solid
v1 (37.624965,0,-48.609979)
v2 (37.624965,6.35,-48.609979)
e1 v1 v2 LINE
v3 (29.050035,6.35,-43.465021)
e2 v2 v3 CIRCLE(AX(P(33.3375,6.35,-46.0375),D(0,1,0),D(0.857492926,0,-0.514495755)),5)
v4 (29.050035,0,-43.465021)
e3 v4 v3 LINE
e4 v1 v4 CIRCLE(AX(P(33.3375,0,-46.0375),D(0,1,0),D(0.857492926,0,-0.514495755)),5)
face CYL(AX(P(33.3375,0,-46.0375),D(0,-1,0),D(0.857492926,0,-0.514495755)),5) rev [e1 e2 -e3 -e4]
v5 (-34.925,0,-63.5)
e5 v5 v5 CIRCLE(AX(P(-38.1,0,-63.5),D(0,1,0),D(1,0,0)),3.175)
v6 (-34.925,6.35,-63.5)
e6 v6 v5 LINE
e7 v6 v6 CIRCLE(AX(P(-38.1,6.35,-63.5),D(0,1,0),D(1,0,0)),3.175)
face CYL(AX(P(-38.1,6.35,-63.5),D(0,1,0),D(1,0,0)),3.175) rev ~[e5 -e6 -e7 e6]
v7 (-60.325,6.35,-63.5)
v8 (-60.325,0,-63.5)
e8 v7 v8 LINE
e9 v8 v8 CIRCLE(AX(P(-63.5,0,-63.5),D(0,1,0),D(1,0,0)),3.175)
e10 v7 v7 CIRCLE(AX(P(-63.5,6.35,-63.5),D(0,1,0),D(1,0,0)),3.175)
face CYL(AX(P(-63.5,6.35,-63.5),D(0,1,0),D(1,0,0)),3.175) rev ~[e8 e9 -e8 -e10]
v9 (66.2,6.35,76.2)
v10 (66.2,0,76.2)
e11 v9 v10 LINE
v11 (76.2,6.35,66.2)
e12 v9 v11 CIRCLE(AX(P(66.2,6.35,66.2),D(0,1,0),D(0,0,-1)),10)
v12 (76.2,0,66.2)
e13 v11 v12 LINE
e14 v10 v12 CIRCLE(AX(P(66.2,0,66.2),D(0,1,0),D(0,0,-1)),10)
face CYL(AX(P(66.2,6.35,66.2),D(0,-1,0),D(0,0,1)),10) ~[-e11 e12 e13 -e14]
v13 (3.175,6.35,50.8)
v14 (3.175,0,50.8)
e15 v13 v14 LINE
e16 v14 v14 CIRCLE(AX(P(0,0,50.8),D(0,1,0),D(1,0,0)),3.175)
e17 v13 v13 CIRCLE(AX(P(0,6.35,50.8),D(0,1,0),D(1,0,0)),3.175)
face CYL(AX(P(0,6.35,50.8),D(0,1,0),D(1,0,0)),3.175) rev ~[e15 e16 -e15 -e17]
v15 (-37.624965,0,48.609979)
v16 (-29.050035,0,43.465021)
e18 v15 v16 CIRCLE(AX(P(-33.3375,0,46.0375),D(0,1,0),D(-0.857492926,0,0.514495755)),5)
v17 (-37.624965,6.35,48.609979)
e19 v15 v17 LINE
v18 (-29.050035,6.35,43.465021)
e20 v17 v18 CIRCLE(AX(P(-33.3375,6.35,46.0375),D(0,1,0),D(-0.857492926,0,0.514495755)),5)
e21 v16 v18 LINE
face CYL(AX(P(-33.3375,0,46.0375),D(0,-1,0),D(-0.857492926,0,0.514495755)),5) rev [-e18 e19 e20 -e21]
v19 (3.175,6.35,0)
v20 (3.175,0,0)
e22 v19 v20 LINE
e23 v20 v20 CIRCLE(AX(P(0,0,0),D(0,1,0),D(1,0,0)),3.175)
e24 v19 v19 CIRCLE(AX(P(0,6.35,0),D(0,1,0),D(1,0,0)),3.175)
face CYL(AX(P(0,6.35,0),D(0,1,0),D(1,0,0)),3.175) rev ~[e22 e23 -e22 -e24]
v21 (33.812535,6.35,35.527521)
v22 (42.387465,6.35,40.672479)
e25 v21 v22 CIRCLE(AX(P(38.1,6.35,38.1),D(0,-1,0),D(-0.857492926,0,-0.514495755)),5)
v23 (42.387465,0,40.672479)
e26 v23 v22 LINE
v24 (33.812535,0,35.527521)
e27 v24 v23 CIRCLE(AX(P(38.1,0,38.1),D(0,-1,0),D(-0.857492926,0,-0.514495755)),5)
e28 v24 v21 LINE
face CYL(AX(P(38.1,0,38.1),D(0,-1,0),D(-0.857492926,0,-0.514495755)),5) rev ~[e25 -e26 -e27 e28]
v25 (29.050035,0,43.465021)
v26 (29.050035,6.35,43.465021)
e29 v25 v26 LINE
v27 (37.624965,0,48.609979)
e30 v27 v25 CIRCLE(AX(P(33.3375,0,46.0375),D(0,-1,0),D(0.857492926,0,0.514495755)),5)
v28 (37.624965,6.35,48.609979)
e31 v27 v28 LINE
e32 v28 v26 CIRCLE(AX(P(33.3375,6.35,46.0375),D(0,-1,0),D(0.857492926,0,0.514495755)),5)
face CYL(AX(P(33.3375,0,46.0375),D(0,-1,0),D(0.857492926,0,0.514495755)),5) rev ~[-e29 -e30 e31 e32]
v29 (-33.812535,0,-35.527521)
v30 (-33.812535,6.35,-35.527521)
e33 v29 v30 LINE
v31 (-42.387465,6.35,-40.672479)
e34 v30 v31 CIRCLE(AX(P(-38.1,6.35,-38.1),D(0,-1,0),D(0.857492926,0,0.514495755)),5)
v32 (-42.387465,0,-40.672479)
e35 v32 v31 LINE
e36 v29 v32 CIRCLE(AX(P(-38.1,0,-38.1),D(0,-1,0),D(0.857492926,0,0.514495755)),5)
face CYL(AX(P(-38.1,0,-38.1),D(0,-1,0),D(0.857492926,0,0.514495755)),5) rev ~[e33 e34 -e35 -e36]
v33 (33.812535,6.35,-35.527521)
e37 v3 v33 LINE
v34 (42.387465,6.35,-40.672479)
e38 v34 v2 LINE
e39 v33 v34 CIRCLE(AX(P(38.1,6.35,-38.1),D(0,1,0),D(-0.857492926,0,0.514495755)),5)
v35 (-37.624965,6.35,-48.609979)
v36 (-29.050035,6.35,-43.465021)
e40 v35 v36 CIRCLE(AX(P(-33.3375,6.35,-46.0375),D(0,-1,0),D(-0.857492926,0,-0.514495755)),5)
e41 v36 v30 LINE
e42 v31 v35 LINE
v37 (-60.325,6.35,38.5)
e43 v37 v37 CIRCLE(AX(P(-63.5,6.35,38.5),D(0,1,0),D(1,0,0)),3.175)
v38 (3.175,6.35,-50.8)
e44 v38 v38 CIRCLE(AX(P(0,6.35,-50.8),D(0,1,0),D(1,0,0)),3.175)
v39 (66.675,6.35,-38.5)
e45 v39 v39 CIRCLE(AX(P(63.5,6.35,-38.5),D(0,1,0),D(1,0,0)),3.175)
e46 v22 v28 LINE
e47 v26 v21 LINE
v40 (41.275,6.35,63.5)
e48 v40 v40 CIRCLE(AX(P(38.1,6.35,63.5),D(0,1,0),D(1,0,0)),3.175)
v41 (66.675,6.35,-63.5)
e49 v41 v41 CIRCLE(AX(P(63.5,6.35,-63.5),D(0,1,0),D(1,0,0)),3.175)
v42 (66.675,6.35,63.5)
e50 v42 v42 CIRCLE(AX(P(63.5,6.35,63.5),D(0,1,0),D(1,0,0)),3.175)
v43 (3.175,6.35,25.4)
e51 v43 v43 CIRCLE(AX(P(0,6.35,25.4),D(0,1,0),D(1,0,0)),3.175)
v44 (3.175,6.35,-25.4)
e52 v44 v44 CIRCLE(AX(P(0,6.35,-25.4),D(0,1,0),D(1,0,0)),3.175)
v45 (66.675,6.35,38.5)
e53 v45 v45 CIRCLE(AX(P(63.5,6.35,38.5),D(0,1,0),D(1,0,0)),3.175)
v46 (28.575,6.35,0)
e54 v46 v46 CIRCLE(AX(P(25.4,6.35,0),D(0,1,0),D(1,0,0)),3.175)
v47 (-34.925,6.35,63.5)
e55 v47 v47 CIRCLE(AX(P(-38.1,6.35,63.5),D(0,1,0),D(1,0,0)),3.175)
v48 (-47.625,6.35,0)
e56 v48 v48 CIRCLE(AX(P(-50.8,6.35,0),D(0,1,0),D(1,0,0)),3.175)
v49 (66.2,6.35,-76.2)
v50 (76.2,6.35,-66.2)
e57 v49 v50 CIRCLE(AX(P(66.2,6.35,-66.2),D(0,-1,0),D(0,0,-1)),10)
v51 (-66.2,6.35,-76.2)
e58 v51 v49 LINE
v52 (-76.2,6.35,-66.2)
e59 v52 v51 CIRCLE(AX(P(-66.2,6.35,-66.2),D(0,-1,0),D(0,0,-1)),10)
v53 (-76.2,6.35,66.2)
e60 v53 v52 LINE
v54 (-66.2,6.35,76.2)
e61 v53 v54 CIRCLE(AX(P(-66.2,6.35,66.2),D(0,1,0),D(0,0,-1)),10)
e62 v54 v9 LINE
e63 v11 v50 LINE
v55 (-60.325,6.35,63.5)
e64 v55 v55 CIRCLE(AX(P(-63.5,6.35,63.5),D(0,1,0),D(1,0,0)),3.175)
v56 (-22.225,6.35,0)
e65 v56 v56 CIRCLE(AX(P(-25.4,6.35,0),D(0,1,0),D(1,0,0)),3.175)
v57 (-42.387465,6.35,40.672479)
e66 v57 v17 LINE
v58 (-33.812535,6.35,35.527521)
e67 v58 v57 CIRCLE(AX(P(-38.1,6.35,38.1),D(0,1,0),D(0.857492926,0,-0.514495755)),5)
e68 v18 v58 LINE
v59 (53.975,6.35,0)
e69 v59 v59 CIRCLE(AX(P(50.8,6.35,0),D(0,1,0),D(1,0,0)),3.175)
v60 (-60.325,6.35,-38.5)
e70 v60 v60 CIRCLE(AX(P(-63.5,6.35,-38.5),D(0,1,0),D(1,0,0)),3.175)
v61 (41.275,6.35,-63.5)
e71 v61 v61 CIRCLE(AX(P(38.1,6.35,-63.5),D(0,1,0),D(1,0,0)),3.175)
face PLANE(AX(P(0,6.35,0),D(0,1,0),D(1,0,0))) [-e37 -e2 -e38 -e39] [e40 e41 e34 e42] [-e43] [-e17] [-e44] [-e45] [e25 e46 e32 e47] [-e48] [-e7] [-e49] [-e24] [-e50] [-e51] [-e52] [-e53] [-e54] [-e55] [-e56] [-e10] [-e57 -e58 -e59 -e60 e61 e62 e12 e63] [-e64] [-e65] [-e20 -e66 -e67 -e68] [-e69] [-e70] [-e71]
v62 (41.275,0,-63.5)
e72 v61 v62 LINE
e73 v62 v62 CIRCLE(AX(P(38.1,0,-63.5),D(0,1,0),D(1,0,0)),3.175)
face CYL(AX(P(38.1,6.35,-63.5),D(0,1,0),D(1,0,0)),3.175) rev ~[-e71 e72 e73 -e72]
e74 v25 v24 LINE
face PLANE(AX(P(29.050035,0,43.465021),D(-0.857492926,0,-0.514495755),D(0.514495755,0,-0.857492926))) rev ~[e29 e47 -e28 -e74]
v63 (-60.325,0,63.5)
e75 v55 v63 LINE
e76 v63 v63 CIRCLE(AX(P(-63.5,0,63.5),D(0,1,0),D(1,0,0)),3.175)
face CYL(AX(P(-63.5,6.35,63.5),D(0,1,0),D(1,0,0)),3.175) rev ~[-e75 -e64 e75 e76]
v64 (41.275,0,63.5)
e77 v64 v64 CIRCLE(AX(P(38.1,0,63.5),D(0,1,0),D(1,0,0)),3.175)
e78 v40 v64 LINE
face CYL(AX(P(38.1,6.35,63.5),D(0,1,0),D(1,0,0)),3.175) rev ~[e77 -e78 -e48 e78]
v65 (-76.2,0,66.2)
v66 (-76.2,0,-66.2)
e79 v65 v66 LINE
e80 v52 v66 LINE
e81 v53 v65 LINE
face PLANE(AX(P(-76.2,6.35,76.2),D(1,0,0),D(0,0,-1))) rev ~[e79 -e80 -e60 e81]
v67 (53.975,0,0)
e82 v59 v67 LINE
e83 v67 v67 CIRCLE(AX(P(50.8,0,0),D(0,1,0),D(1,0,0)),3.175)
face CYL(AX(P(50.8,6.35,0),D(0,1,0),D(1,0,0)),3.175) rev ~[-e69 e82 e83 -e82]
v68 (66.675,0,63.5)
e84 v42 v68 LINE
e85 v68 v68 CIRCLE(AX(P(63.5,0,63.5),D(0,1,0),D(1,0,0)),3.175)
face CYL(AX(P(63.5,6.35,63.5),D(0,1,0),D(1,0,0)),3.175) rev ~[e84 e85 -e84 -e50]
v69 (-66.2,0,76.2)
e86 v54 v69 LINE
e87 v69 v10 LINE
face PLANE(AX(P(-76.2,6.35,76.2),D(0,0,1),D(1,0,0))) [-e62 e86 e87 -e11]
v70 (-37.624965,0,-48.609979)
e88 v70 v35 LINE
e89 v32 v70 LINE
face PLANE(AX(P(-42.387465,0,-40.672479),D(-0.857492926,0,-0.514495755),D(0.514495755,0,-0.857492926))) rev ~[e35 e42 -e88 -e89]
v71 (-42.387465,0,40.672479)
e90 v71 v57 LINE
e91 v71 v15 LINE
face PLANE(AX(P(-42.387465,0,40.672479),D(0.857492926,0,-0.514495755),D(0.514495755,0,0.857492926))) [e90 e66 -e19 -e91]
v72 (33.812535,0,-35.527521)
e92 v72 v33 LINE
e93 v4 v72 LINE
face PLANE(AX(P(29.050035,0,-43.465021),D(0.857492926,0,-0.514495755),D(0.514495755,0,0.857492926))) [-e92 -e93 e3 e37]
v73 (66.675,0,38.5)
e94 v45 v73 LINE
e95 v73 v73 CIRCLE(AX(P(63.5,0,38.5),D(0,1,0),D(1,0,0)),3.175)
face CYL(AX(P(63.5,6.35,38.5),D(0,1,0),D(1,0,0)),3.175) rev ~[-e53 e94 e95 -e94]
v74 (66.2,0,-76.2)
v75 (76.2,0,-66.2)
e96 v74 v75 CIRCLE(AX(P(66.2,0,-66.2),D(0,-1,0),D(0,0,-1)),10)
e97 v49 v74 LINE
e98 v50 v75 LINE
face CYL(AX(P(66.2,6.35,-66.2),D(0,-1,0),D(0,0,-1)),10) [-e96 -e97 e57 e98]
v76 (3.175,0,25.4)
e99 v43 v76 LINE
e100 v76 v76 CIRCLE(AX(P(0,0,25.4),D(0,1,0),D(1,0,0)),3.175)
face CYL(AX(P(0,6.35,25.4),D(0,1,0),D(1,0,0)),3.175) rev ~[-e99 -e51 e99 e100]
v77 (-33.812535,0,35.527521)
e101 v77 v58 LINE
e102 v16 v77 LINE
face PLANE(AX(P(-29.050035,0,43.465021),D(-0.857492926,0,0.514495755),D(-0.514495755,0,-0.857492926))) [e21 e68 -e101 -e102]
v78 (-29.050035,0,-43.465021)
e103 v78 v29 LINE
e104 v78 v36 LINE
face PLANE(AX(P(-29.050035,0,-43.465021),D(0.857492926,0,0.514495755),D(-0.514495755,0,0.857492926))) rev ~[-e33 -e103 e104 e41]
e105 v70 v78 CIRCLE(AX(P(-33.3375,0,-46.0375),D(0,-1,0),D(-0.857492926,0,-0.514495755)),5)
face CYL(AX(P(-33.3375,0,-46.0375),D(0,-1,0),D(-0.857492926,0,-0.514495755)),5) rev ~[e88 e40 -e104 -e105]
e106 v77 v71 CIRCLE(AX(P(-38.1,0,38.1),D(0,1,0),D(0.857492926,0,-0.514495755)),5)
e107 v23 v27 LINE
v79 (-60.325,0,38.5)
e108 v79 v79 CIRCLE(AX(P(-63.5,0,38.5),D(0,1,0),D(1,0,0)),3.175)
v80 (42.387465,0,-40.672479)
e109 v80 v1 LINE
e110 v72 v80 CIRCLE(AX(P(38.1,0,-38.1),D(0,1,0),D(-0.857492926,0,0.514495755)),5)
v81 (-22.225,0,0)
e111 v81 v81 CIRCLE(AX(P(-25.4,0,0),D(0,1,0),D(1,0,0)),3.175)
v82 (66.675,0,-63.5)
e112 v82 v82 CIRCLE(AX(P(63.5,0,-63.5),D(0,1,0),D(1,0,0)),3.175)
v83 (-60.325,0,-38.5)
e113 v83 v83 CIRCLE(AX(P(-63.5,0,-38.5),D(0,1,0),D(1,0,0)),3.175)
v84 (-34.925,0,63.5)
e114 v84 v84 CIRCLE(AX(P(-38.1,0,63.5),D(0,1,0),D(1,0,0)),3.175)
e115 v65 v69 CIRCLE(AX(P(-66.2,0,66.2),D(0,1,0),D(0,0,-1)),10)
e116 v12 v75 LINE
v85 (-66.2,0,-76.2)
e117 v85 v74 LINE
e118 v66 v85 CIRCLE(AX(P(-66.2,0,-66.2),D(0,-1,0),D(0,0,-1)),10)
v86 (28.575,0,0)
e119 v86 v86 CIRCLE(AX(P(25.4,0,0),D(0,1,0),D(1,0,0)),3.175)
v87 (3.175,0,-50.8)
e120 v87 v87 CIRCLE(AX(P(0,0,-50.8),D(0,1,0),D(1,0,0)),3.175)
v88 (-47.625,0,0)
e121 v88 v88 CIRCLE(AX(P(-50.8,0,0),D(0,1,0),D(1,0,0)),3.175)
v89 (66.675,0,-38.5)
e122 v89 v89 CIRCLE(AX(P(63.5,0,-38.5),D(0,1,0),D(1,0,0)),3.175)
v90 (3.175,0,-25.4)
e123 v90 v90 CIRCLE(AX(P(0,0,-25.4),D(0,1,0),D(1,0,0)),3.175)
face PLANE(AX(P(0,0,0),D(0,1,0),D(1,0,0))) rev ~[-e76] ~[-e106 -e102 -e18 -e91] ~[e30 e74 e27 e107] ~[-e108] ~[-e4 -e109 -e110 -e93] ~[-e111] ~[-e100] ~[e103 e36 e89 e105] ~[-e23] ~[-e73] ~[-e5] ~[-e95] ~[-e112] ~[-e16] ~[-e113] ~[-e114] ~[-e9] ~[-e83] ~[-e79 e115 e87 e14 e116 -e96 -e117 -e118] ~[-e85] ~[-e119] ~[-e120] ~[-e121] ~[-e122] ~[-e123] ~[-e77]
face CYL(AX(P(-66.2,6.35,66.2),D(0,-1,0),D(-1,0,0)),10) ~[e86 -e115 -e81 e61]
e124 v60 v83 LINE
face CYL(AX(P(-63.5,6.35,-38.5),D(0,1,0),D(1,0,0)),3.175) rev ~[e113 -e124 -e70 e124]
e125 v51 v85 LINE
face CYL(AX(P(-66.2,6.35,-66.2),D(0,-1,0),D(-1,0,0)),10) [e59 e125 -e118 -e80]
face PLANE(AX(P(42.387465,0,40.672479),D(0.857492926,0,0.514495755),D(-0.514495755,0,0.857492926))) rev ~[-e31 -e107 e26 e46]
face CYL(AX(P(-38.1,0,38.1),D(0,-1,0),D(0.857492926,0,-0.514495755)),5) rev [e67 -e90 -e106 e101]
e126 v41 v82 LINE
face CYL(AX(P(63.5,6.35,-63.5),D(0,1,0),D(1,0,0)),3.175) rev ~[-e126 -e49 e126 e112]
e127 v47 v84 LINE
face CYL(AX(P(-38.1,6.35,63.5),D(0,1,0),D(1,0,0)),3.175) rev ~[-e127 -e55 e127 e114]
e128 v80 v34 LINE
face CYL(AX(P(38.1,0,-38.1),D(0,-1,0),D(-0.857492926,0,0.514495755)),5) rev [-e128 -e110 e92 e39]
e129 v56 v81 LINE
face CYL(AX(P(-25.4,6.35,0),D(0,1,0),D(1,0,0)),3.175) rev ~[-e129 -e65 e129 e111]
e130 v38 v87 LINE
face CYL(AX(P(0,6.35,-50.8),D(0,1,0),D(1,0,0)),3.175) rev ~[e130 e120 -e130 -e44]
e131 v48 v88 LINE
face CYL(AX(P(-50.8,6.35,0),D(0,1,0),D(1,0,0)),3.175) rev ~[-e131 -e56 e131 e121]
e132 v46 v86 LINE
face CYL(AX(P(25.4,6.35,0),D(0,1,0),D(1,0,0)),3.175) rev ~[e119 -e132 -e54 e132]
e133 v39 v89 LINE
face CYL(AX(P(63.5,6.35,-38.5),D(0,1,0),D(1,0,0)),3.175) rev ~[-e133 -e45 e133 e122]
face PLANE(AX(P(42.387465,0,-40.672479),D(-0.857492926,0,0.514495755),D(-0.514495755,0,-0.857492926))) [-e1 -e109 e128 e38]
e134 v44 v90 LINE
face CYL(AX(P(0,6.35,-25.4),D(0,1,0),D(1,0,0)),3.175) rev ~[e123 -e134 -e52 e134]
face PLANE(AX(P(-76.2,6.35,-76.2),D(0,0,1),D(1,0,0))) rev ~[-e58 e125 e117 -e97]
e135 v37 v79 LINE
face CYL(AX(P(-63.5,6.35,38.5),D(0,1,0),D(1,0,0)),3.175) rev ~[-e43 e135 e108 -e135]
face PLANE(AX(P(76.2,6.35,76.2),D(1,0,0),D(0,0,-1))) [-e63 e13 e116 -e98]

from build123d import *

# Parameters (mm, degrees)
SKETCH1_W           = 101.6
SKETCH1_H           = 114.3
BOSS_EXTRUDE2_DEPTH = 6.35
SKETCH4_W           = 152.4
SKETCH4_H           = 152.4
SKETCH4_W_2         = 101.6
SKETCH4_H_2         = 114.3
BOSS_EXTRUDE4_DEPTH = 6.35
FILLET1_R           = 10
SKETCH5_R           = 3.175
CUT_EXTRUDE1_DEPTH  = 6.35


with BuildPart() as part:
    # Sketch1 → Boss-Extrude2 (new body)
    with BuildSketch(Plane(origin=(0, 0, 0), x_dir=(1, 0, 0), z_dir=(0, 1, 0))):
        Rectangle(SKETCH1_W, SKETCH1_H)
        with BuildLine():
            ThreePointArc((33.812535371, 35.527521223), (40.672478777, 33.812535371), (42.387464629, 40.672478777))
            Line((42.387464629, 40.672478777), (37.624964629, 48.609978777))
            ThreePointArc((37.624964629, 48.609978777), (30.765021223, 50.324964629), (29.050035371, 43.465021223))
            Line((29.050035371, 43.465021223), (33.812535371, 35.527521223))
        make_face(mode=Mode.SUBTRACT)
        with BuildLine():
            ThreePointArc((-33.812535371, -35.527521223), (-40.672478777, -33.812535371), (-42.387464629, -40.672478777))
            Line((-42.387464629, -40.672478777), (-37.624964629, -48.609978777))
            ThreePointArc((-37.624964629, -48.609978777), (-30.765021223, -50.324964629), (-29.050035371, -43.465021223))
            Line((-29.050035371, -43.465021223), (-33.812535371, -35.527521223))
        make_face(mode=Mode.SUBTRACT)
        with BuildLine():
            ThreePointArc((-33.812535371, 35.527521223), (-40.672478777, 33.812535371), (-42.387464629, 40.672478777))
            Line((-42.387464629, 40.672478777), (-37.624964629, 48.609978777))
            ThreePointArc((-37.624964629, 48.609978777), (-30.765021223, 50.324964629), (-29.050035371, 43.465021223))
            Line((-29.050035371, 43.465021223), (-33.812535371, 35.527521223))
        make_face(mode=Mode.SUBTRACT)
        with BuildLine():
            Line((29.050035371, -43.465021223), (33.812535371, -35.527521223))
            ThreePointArc((33.812535371, -35.527521223), (40.672478777, -33.812535371), (42.387464629, -40.672478777))
            Line((42.387464629, -40.672478777), (37.624964629, -48.609978777))
            ThreePointArc((37.624964629, -48.609978777), (30.765021223, -50.324964629), (29.050035371, -43.465021223))
        make_face(mode=Mode.SUBTRACT)
    extrude(amount=BOSS_EXTRUDE2_DEPTH)

    # Sketch4 → Boss-Extrude4 (add)
    with BuildSketch(Plane(origin=(0, 6.35, 0), x_dir=(1, 0, 0), z_dir=(0, 1, 0))):
        Rectangle(SKETCH4_W, SKETCH4_H)
        Rectangle(SKETCH4_W_2, SKETCH4_H_2, mode=Mode.SUBTRACT)
    extrude(amount=-BOSS_EXTRUDE4_DEPTH)

    # Fillet1
    fillet1_edges = [part.edges().sort_by_distance(p)[0] for p in [
        (76.2, 3.175, -76.2),
        (76.2, 3.175, 76.2),
        (-76.2, 3.175, 76.2),
        (-76.2, 3.175, -76.2),
    ]]
    fillet(fillet1_edges, radius=FILLET1_R)

    # Sketch5 → Cut-Extrude1 (cut)
    with BuildSketch(Plane(origin=(0, 6.35, 0), x_dir=(1, 0, 0), z_dir=(0, 1, 0))):
        with Locations((-25.4, 0)):
            Circle(SKETCH5_R)
        with Locations((-50.8, 0)):
            Circle(SKETCH5_R)
        with Locations((50.8, 0)):
            Circle(SKETCH5_R)
        with Locations((0, -25.4)):
            Circle(SKETCH5_R)
        with Locations((-63.5, -38.5)):
            Circle(SKETCH5_R)
        with Locations((-63.5, -63.5)):
            Circle(SKETCH5_R)
        with Locations((-38.1, -63.5)):
            Circle(SKETCH5_R)
        with Locations((38.1, -63.5)):
            Circle(SKETCH5_R)
        with Locations((63.5, -38.5)):
            Circle(SKETCH5_R)
        with Locations((63.5, -63.5)):
            Circle(SKETCH5_R)
        with Locations((0, -50.8)):
            Circle(SKETCH5_R)
        with Locations((0, 25.4)):
            Circle(SKETCH5_R)
        with Locations((-63.5, 38.5)):
            Circle(SKETCH5_R)
        with Locations((-38.1, 63.5)):
            Circle(SKETCH5_R)
        Circle(SKETCH5_R)
        with Locations((25.4, 0)):
            Circle(SKETCH5_R)
        with Locations((63.5, 63.5)):
            Circle(SKETCH5_R)
        with Locations((63.5, 38.5)):
            Circle(SKETCH5_R)
        with Locations((38.1, 63.5)):
            Circle(SKETCH5_R)
        with Locations((0, 50.8)):
            Circle(SKETCH5_R)
        with Locations((-63.5, 63.5)):
            Circle(SKETCH5_R)
    extrude(amount=-CUT_EXTRUDE1_DEPTH, mode=Mode.SUBTRACT)


solid = part.part
